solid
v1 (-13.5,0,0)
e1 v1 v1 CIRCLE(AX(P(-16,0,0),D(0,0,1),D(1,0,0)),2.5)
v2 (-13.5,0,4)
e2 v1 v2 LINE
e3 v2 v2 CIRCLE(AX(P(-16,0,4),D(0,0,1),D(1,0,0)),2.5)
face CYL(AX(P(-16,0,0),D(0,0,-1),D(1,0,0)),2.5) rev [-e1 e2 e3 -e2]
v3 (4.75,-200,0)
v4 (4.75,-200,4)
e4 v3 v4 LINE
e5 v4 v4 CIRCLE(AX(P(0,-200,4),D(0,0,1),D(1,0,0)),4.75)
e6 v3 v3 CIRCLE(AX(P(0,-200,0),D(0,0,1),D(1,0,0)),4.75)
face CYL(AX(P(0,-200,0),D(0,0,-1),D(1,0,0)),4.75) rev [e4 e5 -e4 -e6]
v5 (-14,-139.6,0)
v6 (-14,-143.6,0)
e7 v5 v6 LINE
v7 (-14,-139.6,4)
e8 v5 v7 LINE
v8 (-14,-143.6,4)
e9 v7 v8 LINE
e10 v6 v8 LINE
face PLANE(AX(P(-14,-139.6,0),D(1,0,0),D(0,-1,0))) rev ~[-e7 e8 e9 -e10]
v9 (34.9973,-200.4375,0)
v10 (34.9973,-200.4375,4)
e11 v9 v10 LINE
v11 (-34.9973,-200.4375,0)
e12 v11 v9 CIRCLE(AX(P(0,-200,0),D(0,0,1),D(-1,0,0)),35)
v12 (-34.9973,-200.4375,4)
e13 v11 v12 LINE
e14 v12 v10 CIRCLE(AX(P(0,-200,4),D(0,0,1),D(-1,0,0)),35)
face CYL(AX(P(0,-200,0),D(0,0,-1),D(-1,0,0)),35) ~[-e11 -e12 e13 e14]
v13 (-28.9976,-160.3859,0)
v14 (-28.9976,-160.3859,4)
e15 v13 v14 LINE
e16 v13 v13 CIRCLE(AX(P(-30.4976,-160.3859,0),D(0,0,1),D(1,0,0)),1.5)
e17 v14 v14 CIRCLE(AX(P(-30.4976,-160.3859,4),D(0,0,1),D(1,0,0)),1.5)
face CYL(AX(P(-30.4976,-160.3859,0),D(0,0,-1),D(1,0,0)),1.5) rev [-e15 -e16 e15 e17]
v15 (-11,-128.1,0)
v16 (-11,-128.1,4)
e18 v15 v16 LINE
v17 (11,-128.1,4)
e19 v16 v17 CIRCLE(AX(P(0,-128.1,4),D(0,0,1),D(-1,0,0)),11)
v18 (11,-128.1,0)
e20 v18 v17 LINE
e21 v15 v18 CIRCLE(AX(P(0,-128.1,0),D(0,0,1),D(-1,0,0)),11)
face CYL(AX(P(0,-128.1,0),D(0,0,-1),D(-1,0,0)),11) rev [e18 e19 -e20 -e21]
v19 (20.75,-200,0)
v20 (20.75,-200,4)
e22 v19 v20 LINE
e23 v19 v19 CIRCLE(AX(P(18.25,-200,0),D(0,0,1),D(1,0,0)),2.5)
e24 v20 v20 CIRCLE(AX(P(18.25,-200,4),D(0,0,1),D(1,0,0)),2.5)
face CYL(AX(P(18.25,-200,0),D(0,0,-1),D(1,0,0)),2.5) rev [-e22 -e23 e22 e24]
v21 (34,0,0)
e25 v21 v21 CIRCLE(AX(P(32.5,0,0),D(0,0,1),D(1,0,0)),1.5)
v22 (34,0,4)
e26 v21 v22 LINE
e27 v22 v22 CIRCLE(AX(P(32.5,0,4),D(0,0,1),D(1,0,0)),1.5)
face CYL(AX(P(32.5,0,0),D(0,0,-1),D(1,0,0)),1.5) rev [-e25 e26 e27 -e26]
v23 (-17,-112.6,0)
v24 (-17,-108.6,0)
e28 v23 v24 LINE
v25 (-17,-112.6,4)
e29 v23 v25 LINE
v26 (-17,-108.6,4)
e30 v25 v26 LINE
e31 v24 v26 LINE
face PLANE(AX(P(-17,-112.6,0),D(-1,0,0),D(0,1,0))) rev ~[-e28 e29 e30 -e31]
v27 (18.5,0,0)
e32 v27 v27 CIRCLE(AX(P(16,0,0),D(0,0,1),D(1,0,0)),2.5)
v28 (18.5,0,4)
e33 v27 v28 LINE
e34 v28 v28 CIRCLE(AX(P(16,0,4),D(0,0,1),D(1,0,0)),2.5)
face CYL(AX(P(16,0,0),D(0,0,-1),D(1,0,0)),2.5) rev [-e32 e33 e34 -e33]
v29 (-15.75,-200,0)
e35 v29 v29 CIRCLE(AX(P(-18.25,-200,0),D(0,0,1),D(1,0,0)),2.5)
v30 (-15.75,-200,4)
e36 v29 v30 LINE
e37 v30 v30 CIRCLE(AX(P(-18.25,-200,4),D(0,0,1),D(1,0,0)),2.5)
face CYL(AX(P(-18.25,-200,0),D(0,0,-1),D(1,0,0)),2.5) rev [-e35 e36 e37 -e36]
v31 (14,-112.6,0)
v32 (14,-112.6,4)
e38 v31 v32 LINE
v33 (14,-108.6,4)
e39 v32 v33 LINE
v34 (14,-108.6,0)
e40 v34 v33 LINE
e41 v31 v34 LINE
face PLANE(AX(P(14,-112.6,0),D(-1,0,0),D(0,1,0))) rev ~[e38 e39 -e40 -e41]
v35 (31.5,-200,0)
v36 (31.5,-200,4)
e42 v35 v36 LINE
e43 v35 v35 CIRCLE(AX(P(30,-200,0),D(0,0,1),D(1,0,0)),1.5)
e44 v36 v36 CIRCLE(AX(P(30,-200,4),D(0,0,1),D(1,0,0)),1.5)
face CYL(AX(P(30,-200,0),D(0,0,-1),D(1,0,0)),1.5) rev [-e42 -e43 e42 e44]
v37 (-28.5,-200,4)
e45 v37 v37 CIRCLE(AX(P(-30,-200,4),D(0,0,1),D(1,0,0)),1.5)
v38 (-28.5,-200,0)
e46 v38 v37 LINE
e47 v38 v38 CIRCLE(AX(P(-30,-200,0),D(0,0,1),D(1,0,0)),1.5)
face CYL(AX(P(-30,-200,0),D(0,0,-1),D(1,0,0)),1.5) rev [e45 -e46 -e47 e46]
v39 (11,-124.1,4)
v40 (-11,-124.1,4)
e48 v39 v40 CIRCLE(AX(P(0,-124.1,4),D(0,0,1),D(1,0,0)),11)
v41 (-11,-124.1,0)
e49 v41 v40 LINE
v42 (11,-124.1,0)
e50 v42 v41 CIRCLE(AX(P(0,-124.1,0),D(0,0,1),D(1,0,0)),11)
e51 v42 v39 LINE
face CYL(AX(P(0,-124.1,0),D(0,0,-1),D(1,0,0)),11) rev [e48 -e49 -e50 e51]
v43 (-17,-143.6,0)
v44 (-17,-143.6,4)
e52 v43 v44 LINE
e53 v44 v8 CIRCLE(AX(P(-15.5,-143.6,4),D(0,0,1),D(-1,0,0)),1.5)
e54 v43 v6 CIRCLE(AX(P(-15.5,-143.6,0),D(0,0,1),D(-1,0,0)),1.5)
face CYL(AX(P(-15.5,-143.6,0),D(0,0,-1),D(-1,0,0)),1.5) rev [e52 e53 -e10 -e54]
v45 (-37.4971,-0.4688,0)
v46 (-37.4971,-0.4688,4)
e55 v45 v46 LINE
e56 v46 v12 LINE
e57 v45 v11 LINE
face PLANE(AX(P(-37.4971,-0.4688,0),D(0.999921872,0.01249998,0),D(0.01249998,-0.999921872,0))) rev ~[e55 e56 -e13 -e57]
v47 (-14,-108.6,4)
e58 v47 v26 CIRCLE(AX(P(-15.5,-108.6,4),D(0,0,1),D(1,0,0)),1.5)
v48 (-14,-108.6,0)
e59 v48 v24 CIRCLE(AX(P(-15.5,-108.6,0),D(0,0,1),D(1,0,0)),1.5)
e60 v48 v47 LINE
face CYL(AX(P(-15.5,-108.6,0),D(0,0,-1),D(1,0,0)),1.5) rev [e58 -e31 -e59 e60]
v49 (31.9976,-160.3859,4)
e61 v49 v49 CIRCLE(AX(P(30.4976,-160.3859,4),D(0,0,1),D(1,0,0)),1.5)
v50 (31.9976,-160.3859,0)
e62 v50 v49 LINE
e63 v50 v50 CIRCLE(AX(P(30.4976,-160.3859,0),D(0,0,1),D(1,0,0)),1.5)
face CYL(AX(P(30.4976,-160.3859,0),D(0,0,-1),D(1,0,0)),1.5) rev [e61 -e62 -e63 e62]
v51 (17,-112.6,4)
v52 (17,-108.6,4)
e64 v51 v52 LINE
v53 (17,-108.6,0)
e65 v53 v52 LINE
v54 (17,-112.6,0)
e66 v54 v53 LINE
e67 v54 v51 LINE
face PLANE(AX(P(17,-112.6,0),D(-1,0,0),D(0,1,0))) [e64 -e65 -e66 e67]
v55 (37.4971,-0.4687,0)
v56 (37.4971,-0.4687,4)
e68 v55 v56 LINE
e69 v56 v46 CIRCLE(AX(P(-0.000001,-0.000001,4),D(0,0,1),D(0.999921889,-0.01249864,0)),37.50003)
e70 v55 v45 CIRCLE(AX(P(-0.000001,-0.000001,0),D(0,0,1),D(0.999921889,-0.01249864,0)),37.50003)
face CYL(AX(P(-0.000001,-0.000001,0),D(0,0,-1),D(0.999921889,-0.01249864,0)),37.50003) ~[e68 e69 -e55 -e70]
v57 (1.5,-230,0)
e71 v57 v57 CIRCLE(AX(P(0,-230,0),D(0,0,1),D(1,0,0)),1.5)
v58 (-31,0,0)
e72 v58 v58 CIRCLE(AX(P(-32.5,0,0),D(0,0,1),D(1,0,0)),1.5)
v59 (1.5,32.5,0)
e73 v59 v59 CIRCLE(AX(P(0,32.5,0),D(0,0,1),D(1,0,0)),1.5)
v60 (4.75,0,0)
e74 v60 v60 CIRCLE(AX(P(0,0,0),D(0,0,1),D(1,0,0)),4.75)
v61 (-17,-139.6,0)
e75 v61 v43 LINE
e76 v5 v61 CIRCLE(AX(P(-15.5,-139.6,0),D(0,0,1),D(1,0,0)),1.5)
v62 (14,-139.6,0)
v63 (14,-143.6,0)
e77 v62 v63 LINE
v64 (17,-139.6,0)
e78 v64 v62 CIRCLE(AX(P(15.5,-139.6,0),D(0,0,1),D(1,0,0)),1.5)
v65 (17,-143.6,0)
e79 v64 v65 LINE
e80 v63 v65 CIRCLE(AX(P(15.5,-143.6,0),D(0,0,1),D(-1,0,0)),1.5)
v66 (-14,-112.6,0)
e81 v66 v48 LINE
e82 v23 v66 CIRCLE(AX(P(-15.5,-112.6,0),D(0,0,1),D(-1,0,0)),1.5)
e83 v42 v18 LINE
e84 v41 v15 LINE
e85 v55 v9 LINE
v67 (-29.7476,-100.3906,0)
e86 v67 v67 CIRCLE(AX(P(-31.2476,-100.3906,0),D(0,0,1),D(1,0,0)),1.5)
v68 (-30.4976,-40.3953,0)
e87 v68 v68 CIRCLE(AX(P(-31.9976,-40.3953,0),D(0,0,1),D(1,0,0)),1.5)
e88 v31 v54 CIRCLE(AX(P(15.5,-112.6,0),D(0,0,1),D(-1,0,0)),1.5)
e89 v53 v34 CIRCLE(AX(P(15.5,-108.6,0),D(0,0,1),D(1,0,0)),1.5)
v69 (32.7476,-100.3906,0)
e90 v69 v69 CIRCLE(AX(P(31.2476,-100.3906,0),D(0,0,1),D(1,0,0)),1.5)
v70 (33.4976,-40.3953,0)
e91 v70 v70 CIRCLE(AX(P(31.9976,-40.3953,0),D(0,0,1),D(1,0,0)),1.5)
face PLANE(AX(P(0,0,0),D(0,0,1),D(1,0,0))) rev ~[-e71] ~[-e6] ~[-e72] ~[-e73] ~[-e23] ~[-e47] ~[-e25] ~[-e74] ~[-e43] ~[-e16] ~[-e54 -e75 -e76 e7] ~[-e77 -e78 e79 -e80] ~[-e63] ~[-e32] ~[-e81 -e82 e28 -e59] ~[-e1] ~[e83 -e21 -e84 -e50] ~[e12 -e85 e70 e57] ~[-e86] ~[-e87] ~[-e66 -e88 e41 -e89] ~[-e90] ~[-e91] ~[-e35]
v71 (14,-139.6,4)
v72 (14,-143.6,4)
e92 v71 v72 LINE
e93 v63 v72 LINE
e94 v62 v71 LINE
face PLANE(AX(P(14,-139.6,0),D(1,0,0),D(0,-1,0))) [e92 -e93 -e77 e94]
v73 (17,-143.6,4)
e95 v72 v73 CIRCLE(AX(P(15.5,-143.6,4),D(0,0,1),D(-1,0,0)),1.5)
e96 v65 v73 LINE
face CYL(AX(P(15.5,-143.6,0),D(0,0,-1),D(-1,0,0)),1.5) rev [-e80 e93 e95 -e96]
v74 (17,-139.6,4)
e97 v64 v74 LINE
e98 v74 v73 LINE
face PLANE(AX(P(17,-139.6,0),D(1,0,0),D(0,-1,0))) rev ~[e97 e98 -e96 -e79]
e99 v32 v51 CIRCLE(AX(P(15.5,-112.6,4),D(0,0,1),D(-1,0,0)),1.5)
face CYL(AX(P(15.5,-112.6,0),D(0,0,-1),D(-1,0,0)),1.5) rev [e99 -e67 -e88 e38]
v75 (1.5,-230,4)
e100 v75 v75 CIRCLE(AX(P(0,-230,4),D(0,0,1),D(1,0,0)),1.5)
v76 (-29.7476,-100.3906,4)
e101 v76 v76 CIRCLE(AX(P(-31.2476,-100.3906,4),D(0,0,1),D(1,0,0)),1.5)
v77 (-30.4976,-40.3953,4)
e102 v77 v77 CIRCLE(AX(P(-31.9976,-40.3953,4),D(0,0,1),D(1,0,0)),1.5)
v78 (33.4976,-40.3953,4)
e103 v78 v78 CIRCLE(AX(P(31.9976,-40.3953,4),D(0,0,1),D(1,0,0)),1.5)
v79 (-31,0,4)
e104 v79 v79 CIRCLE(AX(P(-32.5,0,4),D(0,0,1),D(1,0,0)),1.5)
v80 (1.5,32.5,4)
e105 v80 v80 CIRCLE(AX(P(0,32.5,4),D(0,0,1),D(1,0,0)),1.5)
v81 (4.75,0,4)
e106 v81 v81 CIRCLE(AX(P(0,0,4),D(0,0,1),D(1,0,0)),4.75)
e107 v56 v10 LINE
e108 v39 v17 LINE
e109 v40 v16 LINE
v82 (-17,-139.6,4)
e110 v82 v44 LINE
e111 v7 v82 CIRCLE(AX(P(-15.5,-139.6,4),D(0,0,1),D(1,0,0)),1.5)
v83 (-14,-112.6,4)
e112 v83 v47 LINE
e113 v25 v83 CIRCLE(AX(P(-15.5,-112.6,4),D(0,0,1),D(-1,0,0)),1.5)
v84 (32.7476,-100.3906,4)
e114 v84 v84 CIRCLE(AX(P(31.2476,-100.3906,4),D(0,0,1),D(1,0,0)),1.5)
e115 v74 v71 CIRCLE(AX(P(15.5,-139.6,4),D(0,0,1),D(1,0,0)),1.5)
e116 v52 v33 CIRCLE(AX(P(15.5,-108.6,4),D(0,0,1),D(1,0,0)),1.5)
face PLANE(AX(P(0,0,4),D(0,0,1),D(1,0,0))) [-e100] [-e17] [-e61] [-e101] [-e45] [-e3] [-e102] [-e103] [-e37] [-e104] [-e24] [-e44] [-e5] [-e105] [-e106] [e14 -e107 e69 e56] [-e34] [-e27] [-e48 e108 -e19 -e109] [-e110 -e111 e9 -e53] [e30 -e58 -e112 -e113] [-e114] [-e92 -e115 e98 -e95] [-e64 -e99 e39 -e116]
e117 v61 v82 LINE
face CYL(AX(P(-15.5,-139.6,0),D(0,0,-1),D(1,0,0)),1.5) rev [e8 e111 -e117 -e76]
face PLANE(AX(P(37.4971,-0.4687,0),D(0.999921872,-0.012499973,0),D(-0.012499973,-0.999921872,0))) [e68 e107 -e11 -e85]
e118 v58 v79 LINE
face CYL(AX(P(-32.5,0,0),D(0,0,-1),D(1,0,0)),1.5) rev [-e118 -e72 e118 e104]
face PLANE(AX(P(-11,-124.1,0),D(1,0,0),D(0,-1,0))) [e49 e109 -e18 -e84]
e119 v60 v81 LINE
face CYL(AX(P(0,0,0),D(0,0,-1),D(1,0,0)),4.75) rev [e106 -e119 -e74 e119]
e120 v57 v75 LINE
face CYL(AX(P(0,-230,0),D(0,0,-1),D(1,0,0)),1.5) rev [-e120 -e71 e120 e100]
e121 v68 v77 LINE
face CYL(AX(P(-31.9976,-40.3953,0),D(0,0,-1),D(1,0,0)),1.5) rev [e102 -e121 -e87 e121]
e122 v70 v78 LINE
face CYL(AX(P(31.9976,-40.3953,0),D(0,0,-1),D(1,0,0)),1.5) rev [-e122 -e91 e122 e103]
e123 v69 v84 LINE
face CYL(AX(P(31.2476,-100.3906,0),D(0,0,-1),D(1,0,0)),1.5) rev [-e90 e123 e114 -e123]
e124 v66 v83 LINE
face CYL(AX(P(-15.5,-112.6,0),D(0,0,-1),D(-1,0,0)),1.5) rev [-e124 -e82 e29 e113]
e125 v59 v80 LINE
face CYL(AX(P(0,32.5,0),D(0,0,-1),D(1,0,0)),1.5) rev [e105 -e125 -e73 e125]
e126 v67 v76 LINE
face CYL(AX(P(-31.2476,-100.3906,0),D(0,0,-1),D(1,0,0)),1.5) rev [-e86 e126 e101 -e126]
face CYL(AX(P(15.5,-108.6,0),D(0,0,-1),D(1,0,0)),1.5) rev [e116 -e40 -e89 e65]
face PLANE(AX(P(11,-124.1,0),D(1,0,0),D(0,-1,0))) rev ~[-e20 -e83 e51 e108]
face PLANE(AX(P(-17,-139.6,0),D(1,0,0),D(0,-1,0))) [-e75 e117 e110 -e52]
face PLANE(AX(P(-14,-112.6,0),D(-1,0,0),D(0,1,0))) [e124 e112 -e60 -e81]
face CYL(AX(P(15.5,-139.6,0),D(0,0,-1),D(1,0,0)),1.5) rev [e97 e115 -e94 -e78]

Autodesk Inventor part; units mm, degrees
ref_plane "YZ Plane" through (0, 0, 0) normal (1, 0, 0) x (0, 1, 0)
ref_plane "XZ Plane" through (0, 0, 0) normal (0, 1, 0) x (-1, 0, 0)
ref_plane "XY Plane" through (0, 0, 0) normal (0, 0, 1) x (1, 0, 0)
sketch "Sketch1" plane through (0, 0, 0) normal (0, 0, 1) x (1, 0, 0)
  arc A0 (37.4971, -0.4687) -> (-37.4971, -0.4688) centre (0, 0) ccw
  line L0 (0, 0) -> (0, -200) construction
  arc A1 (-35, -200) -> (35, -200) centre (0, -200) ccw
  circle A2 centre (0, -200) radius 4.75
  circle A3 centre (0, 0) radius 4.75
  line L1 (0, -200) -> (18.25, -200) construction
  circle A4 centre (18.25, -200) radius 2.5
  circle A5 centre (0, -200) radius 21 construction
  line L2 (0, -235) -> (0, -230) construction
  circle A6 centre (0, -230) radius 1.5
  line L3 (37.4971, -0.4687) -> (34.9973, -200.4375)
  line L4 (-37.4971, -0.4688) -> (-34.9973, -200.4375)
  line L5 (36.2472, -100.4531) -> (31.2476, -100.3906) construction
  line L6 (30.4976, -160.3859) -> (31.9976, -40.3953) construction
  circle A7 centre (31.9976, -40.3953) radius 1.5
  circle A8 centre (31.2476, -100.3906) radius 1.5
  circle A9 centre (30.4976, -160.3859) radius 1.5
  line L7 (37.5, 0) -> (32.5, 0) construction
  line L8 (0, 37.5) -> (0, 32.5) construction
  circle A10 centre (0, 32.5) radius 1.5
  circle A11 centre (32.5, 0) radius 1.5
  line L9 (35, -200) -> (30, -200) construction
  circle A12 centre (30, -200) radius 1.5
  circle A13 centre (-31.9976, -40.3953) radius 1.5
  circle A14 centre (-31.2476, -100.3906) radius 1.5
  circle A15 centre (-30.4976, -160.3859) radius 1.5
  circle A16 centre (-32.5, 0) radius 1.5
  line L10 (-35, -200) -> (-30, -200) construction
  circle A17 centre (-30, -200) radius 1.5
  line L11 (0, 0) -> (16, 0) construction
  circle A18 centre (16, 0) radius 2.5
  line L12 (0, -200) -> (-18.25, -200) construction
  circle A19 centre (-18.25, -200) radius 2.5
  line L13 (0, 0) -> (-16, 0) construction
  circle A20 centre (-16, 0) radius 2.5
  line L14 (0, -200) -> (0, -126.1) construction
  circle A21 centre (0, -126.1) radius 11 construction
  line L15 (-21, -147.1) -> (21, -147.1) construction
  line L16 (21, -147.1) -> (21, -105.1) construction
  line L17 (21, -105.1) -> (-21, -105.1) construction
  line L18 (-21, -105.1) -> (-21, -147.1) construction
  line L19 (-21, -147.1) -> (21, -105.1) construction
  line L20 (21, -147.1) -> (-8.7136, -117.3864) construction
  line L21 (0, -124.1) -> (0, -128.1) construction
  arc A22 (-11, -128.1) -> (11, -128.1) centre (0, -128.1) ccw
  line L22 (-11, -124.1) -> (-11, -128.1)
  line L23 (11, -124.1) -> (11, -128.1)
  arc A23 (11, -124.1) -> (-11, -124.1) centre (0, -124.1) ccw
  line L24 (15.5, -126.1) -> (-15.5, -126.1) construction
  line L25 (0, -141.6) -> (0, -110.6) construction
  circle A24 centre (-15.5, -110.6) radius 1.5 construction
  line L26 (-15.5, -108.6) -> (-15.5, -112.6) construction
  arc A25 (-14, -108.6) -> (-17, -108.6) centre (-15.5, -108.6) ccw
  arc A26 (-17, -112.6) -> (-14, -112.6) centre (-15.5, -112.6) ccw
  line L27 (-17, -112.6) -> (-17, -108.6)
  line L28 (-14, -112.6) -> (-14, -108.6)
  circle A27 centre (15.5, -110.6) radius 1.5 construction
  line L29 (15.5, -108.6) -> (15.5, -112.6) construction
  arc A28 (17, -108.6) -> (14, -108.6) centre (15.5, -108.6) ccw
  arc A29 (14, -112.6) -> (17, -112.6) centre (15.5, -112.6) ccw
  line L30 (17, -112.6) -> (17, -108.6)
  line L31 (14, -112.6) -> (14, -108.6)
  circle A30 centre (-15.5, -141.6) radius 1.5 construction
  line L32 (-15.5, -143.6) -> (-15.5, -139.6) construction
  arc A31 (-17, -143.6) -> (-14, -143.6) centre (-15.5, -143.6) ccw
  arc A32 (-14, -139.6) -> (-17, -139.6) centre (-15.5, -139.6) ccw
  line L33 (-17, -139.6) -> (-17, -143.6)
  line L34 (-14, -139.6) -> (-14, -143.6)
  arc A33 (14, -143.6) -> (17, -143.6) centre (15.5, -143.6) ccw
  circle A34 centre (15.5, -141.6) radius 1.5 construction
  line L35 (17, -139.6) -> (17, -143.6)
  line L36 (15.5, -143.6) -> (15.5, -139.6) construction
  arc A35 (17, -139.6) -> (14, -139.6) centre (15.5, -139.6) ccw
  line L37 (14, -139.6) -> (14, -143.6)
  dimension "D_Junta2" = 75
  dimension "L_Elo" = 200
  dimension "D_Junta3" = 70
  dimension "Veio" = 9.5
  dimension "d4" = 9.5
  dimension "d5" = 18.25
  dimension "d6" = 5
  dimension "D_P" = 42
  dimension "LF" = 5
  dimension "D_Sup" = 3
  dimension "d10" = 5
  dimension "d12" = 120
  dimension "d13" = 3
  dimension "d14" = 3
  dimension "d15" = 3
  dimension "d16" = 5
  dimension "d17" = 5
  dimension "d18" = 3
  dimension "d19" = 3
  dimension "d20" = 5
  dimension "d21" = 3
  dimension "d22" = 16
  dimension "d23" = 5
  dimension "CA" = 73.9
  dimension "DN" = 22
  dimension "d29" = 42
  dimension "d30" = 42
  dimension "NN" = 4
  dimension "d45" = 22
  dimension "d46" = 11
  dimension "d47" = 31
  dimension "d48" = 31
  dimension "FN" = 3
  dimension "d50" = 15.5
  dimension "d51" = 15.5
  dimension "d52" = 4
  dimension "d53" = 3
  dimension "d54" = 3
extrude "Extrusion1" add sketch "Sketch1" along normal blind 4
equation "\"d4\" = Veio"
equation "\"d10\" = LF"
equation "\"d13\" = D_Sup"
equation "\"d14\" = D_Sup"
equation "\"d15\" = D_Sup"
equation "\"d16\" = LF"
equation "\"d17\" = LF"
equation "\"d18\" = D_Sup"
equation "\"d19\" = D_Sup"
equation "\"d20\" = LF"
equation "\"d21\" = D_Sup"
equation "\"d45\" = DN"
equation "\"d46\" = 0.5 * DN"
equation "\"d52\" = NN"
equation "\"d53\" = FN"
equation "\"d54\" = FN"
equation "\"d44\" = DN"
properties part number "3ELO"
